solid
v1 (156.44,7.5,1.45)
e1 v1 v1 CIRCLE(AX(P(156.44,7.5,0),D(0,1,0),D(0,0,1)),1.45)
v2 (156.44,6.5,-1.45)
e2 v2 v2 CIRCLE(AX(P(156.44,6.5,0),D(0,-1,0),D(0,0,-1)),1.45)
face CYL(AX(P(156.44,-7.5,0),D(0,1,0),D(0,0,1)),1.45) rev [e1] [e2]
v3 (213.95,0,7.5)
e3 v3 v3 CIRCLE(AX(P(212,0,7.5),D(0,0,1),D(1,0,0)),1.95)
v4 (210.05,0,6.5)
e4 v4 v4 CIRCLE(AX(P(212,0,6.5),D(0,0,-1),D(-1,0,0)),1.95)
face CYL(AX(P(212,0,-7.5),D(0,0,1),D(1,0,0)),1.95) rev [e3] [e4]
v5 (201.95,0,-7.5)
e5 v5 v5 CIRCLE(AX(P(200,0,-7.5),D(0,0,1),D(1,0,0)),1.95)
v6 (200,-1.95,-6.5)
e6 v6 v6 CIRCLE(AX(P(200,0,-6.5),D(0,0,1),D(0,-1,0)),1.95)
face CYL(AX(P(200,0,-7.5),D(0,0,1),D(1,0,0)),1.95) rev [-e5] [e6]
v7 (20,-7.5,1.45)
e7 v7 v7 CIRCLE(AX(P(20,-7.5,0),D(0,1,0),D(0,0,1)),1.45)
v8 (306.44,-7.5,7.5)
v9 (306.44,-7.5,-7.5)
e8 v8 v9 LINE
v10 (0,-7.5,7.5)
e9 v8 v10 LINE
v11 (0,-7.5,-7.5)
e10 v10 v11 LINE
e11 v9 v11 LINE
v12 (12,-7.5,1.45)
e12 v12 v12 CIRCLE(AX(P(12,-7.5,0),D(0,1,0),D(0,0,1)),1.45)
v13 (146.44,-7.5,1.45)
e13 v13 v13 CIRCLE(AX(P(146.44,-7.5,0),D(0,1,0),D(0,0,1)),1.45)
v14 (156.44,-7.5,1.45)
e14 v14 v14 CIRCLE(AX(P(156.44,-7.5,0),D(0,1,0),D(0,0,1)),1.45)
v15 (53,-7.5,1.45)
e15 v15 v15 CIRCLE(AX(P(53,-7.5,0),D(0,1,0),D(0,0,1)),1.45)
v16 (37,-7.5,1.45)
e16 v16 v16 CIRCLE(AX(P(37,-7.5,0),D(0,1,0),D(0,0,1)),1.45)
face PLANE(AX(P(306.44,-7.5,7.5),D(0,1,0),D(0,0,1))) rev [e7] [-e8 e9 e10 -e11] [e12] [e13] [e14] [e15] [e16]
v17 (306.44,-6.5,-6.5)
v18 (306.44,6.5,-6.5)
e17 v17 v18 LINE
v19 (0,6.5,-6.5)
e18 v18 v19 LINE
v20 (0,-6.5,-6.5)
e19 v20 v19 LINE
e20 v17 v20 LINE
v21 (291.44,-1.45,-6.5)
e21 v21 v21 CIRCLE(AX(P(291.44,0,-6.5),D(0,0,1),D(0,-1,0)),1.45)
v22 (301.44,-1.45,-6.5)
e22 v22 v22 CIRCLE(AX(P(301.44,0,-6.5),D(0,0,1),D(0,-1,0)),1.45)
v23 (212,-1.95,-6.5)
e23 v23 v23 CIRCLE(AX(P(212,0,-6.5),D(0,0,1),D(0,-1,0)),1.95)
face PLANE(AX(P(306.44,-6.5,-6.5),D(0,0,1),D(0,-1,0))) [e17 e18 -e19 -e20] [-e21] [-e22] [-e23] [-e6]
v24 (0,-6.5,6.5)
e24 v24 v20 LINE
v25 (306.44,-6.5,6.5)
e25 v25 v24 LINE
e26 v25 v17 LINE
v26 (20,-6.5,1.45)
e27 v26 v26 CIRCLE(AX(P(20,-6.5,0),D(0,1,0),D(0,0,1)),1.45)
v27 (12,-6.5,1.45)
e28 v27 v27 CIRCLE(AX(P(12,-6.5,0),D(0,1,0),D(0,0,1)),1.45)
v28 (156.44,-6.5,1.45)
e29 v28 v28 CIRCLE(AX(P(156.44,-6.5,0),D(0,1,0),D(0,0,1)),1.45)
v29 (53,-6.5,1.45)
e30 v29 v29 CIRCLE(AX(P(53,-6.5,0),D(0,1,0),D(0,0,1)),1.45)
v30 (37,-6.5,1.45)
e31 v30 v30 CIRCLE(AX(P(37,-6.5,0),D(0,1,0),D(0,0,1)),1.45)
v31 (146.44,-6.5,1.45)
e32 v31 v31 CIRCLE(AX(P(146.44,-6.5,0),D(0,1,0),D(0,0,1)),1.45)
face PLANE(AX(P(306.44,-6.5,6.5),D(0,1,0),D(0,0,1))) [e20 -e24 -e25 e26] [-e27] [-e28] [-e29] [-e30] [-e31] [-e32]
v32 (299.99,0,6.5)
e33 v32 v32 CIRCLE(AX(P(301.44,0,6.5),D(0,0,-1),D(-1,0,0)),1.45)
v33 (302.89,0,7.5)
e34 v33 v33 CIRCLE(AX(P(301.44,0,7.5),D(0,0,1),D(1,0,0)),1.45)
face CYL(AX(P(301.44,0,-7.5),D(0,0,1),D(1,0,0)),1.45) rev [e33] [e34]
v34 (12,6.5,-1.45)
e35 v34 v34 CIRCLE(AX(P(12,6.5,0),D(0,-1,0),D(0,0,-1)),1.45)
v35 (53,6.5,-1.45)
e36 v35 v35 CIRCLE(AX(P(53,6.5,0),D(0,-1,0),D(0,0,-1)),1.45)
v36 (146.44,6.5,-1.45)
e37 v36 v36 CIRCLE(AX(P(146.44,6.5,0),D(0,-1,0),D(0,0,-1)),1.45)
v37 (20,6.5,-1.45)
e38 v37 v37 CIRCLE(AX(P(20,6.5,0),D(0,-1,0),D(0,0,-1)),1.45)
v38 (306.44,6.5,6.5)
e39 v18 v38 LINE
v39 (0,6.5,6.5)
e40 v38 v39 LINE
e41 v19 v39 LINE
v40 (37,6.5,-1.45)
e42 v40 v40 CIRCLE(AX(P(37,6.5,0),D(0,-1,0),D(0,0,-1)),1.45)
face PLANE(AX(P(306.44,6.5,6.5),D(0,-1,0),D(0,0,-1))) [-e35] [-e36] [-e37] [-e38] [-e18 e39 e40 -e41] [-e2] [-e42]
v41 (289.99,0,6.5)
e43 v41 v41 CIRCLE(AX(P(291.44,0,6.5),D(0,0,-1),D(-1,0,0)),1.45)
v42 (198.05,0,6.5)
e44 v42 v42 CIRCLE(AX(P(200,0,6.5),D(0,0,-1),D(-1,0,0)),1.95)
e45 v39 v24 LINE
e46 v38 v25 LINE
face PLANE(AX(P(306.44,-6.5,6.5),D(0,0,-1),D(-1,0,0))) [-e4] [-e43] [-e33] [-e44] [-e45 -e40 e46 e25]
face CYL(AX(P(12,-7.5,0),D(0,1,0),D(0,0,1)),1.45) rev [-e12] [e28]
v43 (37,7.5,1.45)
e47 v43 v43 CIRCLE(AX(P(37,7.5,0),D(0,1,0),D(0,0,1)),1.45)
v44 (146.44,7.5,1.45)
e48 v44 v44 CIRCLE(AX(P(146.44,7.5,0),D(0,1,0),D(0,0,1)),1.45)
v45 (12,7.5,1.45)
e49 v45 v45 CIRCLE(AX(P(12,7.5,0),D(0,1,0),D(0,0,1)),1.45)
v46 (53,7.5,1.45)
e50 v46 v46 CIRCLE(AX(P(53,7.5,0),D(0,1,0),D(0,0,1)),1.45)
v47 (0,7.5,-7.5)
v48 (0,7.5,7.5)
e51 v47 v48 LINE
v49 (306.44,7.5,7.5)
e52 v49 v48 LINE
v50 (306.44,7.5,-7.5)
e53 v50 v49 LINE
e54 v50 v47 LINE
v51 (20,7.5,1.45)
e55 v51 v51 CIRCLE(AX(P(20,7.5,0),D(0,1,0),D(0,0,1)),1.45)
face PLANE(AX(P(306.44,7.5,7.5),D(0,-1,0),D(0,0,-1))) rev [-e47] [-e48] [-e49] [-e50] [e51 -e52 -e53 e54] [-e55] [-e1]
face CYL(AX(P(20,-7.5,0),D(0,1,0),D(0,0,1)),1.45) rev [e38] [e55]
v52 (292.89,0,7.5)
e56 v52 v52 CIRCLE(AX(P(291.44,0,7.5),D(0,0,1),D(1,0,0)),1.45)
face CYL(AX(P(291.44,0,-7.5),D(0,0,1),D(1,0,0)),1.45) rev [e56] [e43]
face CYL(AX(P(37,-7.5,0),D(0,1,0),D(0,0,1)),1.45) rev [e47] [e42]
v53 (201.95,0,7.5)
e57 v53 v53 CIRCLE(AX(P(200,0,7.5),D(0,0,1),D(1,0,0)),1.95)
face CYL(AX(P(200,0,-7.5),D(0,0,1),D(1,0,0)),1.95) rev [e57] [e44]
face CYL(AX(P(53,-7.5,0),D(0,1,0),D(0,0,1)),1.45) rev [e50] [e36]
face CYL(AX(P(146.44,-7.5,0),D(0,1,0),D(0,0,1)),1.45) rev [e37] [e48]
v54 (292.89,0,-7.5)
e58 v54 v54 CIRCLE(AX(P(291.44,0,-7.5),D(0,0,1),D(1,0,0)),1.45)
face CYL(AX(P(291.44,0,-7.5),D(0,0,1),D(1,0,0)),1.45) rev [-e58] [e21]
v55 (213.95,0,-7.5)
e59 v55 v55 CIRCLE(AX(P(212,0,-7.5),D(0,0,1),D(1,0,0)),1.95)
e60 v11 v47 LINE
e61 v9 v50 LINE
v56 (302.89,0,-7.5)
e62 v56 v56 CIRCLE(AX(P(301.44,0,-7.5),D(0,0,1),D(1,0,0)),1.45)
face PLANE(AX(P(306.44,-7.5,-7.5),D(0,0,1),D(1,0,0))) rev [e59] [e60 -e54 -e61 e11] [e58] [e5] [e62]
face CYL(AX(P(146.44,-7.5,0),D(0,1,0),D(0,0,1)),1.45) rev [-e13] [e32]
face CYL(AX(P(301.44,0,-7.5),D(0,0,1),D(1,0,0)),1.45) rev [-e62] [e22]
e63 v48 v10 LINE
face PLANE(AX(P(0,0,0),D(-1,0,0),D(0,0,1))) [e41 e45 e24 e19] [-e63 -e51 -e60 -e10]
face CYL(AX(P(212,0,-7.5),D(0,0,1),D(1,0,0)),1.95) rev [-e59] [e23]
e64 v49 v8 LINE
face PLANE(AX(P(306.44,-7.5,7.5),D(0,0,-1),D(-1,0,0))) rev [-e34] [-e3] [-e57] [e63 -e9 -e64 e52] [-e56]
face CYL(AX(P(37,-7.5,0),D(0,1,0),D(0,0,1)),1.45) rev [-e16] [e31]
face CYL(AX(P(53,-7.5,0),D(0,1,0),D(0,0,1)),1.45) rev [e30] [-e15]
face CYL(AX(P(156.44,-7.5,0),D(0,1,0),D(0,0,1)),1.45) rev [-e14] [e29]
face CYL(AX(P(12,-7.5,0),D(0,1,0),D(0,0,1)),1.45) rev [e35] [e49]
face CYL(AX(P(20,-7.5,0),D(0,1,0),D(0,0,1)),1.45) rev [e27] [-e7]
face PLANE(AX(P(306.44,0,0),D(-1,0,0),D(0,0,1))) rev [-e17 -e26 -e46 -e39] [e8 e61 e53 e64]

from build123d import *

# Parameters (mm, degrees)
SKETCH_1_W          = 15
SKETCH_1_H          = 15
SKETCH_1_W_2        = 13
SKETCH_1_H_2        = 13
EXTRUDE_1_DEPTH     = 306.44
SKETCH_2_R          = 1.45
CUT_EXTRUDE_1_DEPTH = 307.898555878
SKETCH_3_R          = 1.45
SKETCH_3_R_2        = 1.95
CUT_EXTRUDE_2_DEPTH = 307.898555878


with BuildPart() as part:
    # 草图1 → 凸台-拉伸1 (new body)
    with BuildSketch(Plane(origin=(0, 0, 0), x_dir=(0, 0, -1), z_dir=(1, 0, 0))):
        Rectangle(SKETCH_1_W, SKETCH_1_H)
        Rectangle(SKETCH_1_W_2, SKETCH_1_H_2, mode=Mode.SUBTRACT)
    extrude(amount=EXTRUDE_1_DEPTH)

    # 草图2 → 切除-拉伸1 (cut, through all)
    with BuildSketch(Plane(origin=(0, 7.5, 0), x_dir=(1, 0, 0), z_dir=(0, 1, 0))):
        with Locations(Location((20, 0, 0), (0, 0, 270))):
            Circle(SKETCH_2_R)
        with Locations(Location((12, 0, 0), (0, 0, 270))):
            Circle(SKETCH_2_R)
        with Locations(Location((37, 0, 0), (0, 0, 270))):
            Circle(SKETCH_2_R)
        with Locations(Location((53, 0, 0), (0, 0, 270))):
            Circle(SKETCH_2_R)
        with Locations(Location((156.44, 0, 0), (0, 0, 270))):
            Circle(SKETCH_2_R)
        with Locations(Location((146.44, 0, 0), (0, 0, 270))):
            Circle(SKETCH_2_R)
    extrude(amount=-CUT_EXTRUDE_1_DEPTH, mode=Mode.SUBTRACT)

    # 草图3 → 切除-拉伸2 (cut, through all)
    with BuildSketch(Plane.XY.offset(7.5)):
        with Locations((301.44, 0)):
            Circle(SKETCH_3_R)
        with Locations((291.44, 0)):
            Circle(SKETCH_3_R)
        with Locations((200, 0)):
            Circle(SKETCH_3_R_2)
        with Locations((212, 0)):
            Circle(SKETCH_3_R_2)
    extrude(amount=-CUT_EXTRUDE_2_DEPTH, mode=Mode.SUBTRACT)


solid = part.part
